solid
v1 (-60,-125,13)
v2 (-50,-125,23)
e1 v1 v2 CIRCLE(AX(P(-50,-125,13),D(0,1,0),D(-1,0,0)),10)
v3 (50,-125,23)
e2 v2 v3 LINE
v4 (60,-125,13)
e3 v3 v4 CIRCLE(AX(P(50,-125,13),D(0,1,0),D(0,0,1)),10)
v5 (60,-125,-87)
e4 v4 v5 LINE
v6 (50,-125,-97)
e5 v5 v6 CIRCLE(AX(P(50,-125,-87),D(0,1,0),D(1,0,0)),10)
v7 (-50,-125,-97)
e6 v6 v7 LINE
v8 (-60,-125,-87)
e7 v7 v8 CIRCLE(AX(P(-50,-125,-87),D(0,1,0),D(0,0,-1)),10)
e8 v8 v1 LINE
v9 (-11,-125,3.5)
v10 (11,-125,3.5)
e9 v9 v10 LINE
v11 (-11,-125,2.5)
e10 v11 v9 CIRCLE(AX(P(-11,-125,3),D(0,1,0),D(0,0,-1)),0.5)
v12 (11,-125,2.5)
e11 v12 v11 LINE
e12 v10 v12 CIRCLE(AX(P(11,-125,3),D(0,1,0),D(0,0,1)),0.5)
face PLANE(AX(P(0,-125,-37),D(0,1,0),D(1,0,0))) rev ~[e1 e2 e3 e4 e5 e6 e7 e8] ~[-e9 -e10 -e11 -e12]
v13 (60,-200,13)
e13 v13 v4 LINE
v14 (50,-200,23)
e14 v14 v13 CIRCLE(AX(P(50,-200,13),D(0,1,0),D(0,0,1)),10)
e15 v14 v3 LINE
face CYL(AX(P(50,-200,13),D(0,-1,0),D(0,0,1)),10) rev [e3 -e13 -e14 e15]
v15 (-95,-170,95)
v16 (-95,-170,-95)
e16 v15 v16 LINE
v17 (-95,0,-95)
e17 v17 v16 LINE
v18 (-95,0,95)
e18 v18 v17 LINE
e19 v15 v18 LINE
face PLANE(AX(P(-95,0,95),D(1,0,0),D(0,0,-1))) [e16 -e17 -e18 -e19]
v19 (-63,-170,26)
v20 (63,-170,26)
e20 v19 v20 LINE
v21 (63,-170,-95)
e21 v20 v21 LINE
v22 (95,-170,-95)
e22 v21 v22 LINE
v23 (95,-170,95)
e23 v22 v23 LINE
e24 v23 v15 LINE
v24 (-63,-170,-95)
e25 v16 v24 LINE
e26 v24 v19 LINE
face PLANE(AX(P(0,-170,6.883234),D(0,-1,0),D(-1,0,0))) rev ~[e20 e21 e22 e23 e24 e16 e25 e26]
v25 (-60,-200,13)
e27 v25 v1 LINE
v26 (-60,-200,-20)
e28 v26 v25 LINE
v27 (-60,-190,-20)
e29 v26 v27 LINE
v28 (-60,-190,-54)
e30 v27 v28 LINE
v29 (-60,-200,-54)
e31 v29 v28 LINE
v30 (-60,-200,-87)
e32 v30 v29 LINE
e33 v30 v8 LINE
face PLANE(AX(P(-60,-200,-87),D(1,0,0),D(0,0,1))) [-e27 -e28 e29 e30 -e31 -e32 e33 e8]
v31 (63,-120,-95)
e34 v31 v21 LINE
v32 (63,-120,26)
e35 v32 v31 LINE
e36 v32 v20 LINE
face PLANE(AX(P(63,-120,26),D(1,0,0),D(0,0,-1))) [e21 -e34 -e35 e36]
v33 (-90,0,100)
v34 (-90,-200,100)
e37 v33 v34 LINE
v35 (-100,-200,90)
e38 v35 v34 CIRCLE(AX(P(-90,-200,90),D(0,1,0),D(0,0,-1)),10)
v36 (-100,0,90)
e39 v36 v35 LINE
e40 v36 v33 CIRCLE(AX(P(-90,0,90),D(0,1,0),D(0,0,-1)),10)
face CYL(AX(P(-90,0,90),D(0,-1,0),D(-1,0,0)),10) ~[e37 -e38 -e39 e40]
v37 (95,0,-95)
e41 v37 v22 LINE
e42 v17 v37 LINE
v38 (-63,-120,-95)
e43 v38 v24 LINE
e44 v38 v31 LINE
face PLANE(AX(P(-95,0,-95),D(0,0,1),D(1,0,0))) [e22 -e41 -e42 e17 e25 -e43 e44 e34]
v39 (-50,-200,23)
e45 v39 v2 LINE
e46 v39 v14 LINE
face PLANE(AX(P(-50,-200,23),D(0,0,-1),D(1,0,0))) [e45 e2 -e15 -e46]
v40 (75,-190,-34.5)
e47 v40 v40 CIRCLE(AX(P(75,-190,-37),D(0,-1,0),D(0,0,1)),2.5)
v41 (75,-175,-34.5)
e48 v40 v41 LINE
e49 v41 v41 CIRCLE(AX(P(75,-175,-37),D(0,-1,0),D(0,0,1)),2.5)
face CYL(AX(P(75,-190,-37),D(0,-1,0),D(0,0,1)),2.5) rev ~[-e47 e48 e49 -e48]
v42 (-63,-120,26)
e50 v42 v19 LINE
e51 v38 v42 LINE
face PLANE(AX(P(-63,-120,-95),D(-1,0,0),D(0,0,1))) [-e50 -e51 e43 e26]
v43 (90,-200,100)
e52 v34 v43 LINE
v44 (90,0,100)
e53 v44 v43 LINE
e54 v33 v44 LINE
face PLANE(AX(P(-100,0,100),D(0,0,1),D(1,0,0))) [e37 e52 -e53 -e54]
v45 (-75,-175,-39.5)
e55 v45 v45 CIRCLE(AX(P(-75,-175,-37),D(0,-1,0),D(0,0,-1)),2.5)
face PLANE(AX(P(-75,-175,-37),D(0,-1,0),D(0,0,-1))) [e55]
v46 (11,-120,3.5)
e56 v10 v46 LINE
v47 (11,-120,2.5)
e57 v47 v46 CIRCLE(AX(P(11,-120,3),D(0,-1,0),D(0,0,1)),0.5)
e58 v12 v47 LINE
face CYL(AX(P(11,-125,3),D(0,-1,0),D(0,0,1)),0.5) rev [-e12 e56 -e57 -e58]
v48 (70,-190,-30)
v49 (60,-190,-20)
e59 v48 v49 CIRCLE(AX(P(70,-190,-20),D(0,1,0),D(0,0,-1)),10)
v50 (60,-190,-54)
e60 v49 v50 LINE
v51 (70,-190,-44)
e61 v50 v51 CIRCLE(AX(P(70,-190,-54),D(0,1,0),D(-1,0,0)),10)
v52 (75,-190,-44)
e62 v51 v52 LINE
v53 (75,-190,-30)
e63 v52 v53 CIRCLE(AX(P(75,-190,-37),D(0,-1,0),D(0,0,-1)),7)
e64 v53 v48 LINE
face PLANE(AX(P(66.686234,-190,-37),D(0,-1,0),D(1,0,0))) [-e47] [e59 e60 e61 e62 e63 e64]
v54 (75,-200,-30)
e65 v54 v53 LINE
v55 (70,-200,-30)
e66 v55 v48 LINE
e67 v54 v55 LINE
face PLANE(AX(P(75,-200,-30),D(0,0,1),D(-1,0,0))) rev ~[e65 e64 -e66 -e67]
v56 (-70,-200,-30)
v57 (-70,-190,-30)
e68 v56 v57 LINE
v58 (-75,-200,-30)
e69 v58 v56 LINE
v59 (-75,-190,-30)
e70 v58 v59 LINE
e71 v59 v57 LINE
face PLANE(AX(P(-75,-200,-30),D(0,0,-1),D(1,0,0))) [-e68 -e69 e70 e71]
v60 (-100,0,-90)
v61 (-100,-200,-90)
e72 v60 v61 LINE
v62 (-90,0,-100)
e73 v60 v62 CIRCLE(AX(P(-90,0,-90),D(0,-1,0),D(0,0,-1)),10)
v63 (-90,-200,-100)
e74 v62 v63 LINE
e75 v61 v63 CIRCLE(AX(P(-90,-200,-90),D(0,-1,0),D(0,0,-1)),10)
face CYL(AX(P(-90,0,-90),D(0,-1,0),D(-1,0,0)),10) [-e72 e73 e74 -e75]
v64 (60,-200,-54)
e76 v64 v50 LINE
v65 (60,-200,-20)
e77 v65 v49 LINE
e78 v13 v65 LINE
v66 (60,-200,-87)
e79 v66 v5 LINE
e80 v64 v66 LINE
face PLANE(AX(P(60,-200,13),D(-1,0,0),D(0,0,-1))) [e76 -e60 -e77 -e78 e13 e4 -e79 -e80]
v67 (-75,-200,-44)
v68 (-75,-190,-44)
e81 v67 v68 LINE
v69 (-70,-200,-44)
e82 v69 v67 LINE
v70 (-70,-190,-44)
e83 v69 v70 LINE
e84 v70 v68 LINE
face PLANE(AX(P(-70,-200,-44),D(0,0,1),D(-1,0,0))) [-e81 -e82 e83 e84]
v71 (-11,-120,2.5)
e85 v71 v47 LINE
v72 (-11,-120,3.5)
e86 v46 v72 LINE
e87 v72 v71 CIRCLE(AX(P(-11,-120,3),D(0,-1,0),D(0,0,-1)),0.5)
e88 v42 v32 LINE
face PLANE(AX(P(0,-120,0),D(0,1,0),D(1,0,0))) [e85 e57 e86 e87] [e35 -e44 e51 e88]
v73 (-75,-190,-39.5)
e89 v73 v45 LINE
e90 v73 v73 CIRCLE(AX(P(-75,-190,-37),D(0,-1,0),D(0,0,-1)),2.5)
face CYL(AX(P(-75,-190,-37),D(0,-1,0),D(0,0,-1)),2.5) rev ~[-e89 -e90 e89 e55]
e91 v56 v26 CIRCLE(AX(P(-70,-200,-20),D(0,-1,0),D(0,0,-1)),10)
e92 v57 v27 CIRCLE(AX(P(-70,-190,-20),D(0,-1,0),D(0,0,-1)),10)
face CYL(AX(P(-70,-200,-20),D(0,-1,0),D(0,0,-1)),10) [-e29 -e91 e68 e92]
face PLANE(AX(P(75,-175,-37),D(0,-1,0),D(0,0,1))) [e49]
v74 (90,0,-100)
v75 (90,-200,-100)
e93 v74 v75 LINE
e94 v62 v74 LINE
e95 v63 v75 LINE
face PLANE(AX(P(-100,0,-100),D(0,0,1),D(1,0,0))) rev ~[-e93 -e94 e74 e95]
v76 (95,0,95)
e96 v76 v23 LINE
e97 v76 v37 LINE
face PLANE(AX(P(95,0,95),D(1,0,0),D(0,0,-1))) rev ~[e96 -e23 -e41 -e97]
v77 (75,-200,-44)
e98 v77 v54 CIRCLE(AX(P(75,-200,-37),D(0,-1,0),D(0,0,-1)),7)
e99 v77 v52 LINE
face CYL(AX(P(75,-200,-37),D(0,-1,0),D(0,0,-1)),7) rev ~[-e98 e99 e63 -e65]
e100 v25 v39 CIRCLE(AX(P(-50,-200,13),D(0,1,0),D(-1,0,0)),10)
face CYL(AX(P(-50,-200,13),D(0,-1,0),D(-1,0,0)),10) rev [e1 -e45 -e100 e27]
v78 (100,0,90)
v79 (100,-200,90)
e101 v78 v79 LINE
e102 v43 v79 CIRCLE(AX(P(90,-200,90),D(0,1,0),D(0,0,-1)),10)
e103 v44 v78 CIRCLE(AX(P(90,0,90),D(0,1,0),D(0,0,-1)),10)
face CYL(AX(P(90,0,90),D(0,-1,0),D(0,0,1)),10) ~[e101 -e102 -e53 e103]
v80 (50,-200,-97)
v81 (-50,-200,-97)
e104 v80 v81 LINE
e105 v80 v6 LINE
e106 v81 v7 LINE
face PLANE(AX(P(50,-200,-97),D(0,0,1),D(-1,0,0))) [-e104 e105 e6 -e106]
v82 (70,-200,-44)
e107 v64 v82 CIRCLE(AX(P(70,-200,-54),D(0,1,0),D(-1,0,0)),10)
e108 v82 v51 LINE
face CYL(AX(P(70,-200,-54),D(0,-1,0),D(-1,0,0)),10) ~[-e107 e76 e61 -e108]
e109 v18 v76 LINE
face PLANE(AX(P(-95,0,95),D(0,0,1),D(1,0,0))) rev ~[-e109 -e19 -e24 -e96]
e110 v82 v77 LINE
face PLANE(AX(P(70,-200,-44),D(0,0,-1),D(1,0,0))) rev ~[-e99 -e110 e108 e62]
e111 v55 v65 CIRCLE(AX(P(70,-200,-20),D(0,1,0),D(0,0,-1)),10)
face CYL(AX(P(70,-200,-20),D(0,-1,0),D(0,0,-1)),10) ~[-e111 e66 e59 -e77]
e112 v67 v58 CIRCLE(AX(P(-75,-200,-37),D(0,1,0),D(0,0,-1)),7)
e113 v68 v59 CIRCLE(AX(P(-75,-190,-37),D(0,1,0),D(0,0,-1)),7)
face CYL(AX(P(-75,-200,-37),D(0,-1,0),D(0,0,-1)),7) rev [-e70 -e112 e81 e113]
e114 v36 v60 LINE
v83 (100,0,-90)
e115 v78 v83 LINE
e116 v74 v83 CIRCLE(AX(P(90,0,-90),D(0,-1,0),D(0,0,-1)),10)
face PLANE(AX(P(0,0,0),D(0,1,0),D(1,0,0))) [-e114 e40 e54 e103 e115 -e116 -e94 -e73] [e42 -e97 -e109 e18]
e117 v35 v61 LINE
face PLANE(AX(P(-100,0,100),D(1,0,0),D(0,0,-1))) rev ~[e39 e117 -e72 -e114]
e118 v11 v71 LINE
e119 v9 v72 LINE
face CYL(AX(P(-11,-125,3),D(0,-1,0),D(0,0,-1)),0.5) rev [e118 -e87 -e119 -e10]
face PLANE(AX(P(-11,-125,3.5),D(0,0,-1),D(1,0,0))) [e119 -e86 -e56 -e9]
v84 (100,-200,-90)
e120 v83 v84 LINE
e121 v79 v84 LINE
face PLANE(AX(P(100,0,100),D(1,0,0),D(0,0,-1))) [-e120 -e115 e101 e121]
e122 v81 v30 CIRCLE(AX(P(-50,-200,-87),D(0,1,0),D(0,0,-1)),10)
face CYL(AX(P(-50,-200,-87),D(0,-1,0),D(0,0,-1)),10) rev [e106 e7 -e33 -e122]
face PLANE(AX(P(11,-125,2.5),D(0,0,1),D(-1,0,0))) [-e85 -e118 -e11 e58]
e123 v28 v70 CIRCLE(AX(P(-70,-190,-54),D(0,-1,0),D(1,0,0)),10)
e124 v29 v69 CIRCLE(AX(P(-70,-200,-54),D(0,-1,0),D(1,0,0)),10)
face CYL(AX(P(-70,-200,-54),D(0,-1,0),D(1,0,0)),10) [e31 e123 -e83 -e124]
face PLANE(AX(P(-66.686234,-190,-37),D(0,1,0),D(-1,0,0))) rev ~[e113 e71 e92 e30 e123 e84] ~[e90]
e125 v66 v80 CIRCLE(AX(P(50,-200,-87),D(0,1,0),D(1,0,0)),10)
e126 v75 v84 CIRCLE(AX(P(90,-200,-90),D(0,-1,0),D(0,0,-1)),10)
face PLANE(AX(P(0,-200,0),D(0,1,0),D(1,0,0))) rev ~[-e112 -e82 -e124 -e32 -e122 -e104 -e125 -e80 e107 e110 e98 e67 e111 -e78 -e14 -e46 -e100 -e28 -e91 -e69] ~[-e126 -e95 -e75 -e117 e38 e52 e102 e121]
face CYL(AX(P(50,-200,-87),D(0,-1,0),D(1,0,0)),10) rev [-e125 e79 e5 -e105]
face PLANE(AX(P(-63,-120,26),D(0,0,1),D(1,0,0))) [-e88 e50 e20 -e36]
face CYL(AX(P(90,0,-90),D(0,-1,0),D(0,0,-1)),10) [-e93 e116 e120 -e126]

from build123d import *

# Parameters (mm, degrees)
SKETCH1_W             = 200
SKETCH1_H             = 200
BOSS_EXTRUDE1_DEPTH   = 200
SKETCH2_W             = 190
SKETCH2_H             = 190
CUT_EXTRUDE1_DEPTH    = 120
CUT_EXTRUDE2_DEPTH    = 75
CUT_EXTRUDE3_DEPTH    = 320
CUT_EXTRUDE4_DEPTH    = 50
CUT_EXTRUDE5_DEPTH    = 10
CROQUIS1_R            = 2.5
CORTAR_EXTRUIR1_DEPTH = 15
REDONDEO1_R           = 10


with BuildPart() as part:
    # Sketch1 → Boss-Extrude1 (new body)
    with BuildSketch(Plane(origin=(0, 0, 0), x_dir=(1, 0, 0), z_dir=(0, 1, 0))):
        Rectangle(SKETCH1_W, SKETCH1_H)
    extrude(amount=-BOSS_EXTRUDE1_DEPTH)

    # Sketch2 → Cut-Extrude1 (cut)
    with BuildSketch(Plane(origin=(0, 0, 0), x_dir=(1, 0, 0), z_dir=(0, 1, 0))):
        Rectangle(SKETCH2_W, SKETCH2_H)
    extrude(amount=-CUT_EXTRUDE1_DEPTH, mode=Mode.SUBTRACT)

    # Sketch3 → Cut-Extrude2 (cut)
    with BuildSketch(Plane(origin=(0, -200, 0), x_dir=(-1, 0, 0), z_dir=(0, -1, 0))):
        with BuildLine():
            Line((-60, 18.105219257), (-60, 87))
            ThreePointArc((-60, 87), (-57.071067812, 94.071067812), (-50, 97))
            Line((-50, 97), (50, 97))
            ThreePointArc((50, 97), (57.071067812, 94.071067812), (60, 87))
            Line((60, 87), (60, 18.105219257))
            Line((60, 18.105219257), (60, -13))
            ThreePointArc((60, -13), (57.071067812, -20.071067812), (50, -23))
            Line((50, -23), (-50, -23))
            ThreePointArc((-50, -23), (-57.071067812, -20.071067812), (-60, -13))
            Line((-60, -13), (-60, 18.105219257))
        make_face()
    extrude(amount=-CUT_EXTRUDE2_DEPTH, mode=Mode.SUBTRACT)

    # Sketch4 → Cut-Extrude3 (cut)
    with BuildSketch(Plane(origin=(0, -125, 0), x_dir=(-1, 0, 0), z_dir=(0, -1, 0))):
        with BuildLine():
            Line((11, -3.5), (-11, -3.5))
            ThreePointArc((-11, -3.5), (-11.5, -3), (-11, -2.5))
            Line((-11, -2.5), (11, -2.5))
            ThreePointArc((11, -2.5), (11.5, -3), (11, -3.5))
        make_face()
    extrude(amount=-CUT_EXTRUDE3_DEPTH, mode=Mode.SUBTRACT)

    # Sketch5 → Cut-Extrude4 (cut)
    with BuildSketch(Plane(origin=(0, -120, 0), x_dir=(1, 0, 0), z_dir=(0, 1, 0))):
        Polygon((-63, 95), (-63, -26), (63, -26), (63, 95), (95, 95), (95, -95), (-95, -95), (-95, 95), align=None)
    extrude(amount=-CUT_EXTRUDE4_DEPTH, mode=Mode.SUBTRACT)

    # Sketch6 → Cut-Extrude5 (cut)
    with BuildSketch(Plane.XZ.offset(200)):
        with BuildLine():
            Line((-70, -44), (-75, -44))
            ThreePointArc((-75, -44), (-82, -37), (-75, -30))
            Line((-75, -30), (-70, -30))
            ThreePointArc((-70, -30), (-62.928932188, -27.071067812), (-60, -20))
            Line((-60, -20), (-60, -54))
            ThreePointArc((-60, -54), (-62.928932188, -46.928932188), (-70, -44))
        make_face()
        with BuildLine():
            Line((70, -44), (75, -44))
            ThreePointArc((75, -44), (82, -37), (75, -30))
            Line((75, -30), (70, -30))
            ThreePointArc((70, -30), (62.928932188, -27.071067812), (60, -20))
            Line((60, -20), (60, -54))
            ThreePointArc((60, -54), (62.928932188, -46.928932188), (70, -44))
        make_face()
    extrude(amount=-CUT_EXTRUDE5_DEPTH, mode=Mode.SUBTRACT)

    # Croquis1 → Cortar-Extruir1 (cut)
    with BuildSketch(Plane.XZ.offset(190)):
        with Locations(Location((-75, -37, 0), (0, 0, 270))):
            Circle(CROQUIS1_R)
        with Locations(Location((75, -37, 0), (0, 0, 90))):
            Circle(CROQUIS1_R)
    extrude(amount=-CORTAR_EXTRUIR1_DEPTH, mode=Mode.SUBTRACT)

    # Redondeo1
    redondeo1_edges = [part.edges().sort_by_distance(p)[0] for p in [
        (100, -100, 100),
        (-100, -100, 100),
        (-100, -100, -100),
        (100, -100, -100),
    ]]
    fillet(redondeo1_edges, radius=REDONDEO1_R)


solid = part.part
